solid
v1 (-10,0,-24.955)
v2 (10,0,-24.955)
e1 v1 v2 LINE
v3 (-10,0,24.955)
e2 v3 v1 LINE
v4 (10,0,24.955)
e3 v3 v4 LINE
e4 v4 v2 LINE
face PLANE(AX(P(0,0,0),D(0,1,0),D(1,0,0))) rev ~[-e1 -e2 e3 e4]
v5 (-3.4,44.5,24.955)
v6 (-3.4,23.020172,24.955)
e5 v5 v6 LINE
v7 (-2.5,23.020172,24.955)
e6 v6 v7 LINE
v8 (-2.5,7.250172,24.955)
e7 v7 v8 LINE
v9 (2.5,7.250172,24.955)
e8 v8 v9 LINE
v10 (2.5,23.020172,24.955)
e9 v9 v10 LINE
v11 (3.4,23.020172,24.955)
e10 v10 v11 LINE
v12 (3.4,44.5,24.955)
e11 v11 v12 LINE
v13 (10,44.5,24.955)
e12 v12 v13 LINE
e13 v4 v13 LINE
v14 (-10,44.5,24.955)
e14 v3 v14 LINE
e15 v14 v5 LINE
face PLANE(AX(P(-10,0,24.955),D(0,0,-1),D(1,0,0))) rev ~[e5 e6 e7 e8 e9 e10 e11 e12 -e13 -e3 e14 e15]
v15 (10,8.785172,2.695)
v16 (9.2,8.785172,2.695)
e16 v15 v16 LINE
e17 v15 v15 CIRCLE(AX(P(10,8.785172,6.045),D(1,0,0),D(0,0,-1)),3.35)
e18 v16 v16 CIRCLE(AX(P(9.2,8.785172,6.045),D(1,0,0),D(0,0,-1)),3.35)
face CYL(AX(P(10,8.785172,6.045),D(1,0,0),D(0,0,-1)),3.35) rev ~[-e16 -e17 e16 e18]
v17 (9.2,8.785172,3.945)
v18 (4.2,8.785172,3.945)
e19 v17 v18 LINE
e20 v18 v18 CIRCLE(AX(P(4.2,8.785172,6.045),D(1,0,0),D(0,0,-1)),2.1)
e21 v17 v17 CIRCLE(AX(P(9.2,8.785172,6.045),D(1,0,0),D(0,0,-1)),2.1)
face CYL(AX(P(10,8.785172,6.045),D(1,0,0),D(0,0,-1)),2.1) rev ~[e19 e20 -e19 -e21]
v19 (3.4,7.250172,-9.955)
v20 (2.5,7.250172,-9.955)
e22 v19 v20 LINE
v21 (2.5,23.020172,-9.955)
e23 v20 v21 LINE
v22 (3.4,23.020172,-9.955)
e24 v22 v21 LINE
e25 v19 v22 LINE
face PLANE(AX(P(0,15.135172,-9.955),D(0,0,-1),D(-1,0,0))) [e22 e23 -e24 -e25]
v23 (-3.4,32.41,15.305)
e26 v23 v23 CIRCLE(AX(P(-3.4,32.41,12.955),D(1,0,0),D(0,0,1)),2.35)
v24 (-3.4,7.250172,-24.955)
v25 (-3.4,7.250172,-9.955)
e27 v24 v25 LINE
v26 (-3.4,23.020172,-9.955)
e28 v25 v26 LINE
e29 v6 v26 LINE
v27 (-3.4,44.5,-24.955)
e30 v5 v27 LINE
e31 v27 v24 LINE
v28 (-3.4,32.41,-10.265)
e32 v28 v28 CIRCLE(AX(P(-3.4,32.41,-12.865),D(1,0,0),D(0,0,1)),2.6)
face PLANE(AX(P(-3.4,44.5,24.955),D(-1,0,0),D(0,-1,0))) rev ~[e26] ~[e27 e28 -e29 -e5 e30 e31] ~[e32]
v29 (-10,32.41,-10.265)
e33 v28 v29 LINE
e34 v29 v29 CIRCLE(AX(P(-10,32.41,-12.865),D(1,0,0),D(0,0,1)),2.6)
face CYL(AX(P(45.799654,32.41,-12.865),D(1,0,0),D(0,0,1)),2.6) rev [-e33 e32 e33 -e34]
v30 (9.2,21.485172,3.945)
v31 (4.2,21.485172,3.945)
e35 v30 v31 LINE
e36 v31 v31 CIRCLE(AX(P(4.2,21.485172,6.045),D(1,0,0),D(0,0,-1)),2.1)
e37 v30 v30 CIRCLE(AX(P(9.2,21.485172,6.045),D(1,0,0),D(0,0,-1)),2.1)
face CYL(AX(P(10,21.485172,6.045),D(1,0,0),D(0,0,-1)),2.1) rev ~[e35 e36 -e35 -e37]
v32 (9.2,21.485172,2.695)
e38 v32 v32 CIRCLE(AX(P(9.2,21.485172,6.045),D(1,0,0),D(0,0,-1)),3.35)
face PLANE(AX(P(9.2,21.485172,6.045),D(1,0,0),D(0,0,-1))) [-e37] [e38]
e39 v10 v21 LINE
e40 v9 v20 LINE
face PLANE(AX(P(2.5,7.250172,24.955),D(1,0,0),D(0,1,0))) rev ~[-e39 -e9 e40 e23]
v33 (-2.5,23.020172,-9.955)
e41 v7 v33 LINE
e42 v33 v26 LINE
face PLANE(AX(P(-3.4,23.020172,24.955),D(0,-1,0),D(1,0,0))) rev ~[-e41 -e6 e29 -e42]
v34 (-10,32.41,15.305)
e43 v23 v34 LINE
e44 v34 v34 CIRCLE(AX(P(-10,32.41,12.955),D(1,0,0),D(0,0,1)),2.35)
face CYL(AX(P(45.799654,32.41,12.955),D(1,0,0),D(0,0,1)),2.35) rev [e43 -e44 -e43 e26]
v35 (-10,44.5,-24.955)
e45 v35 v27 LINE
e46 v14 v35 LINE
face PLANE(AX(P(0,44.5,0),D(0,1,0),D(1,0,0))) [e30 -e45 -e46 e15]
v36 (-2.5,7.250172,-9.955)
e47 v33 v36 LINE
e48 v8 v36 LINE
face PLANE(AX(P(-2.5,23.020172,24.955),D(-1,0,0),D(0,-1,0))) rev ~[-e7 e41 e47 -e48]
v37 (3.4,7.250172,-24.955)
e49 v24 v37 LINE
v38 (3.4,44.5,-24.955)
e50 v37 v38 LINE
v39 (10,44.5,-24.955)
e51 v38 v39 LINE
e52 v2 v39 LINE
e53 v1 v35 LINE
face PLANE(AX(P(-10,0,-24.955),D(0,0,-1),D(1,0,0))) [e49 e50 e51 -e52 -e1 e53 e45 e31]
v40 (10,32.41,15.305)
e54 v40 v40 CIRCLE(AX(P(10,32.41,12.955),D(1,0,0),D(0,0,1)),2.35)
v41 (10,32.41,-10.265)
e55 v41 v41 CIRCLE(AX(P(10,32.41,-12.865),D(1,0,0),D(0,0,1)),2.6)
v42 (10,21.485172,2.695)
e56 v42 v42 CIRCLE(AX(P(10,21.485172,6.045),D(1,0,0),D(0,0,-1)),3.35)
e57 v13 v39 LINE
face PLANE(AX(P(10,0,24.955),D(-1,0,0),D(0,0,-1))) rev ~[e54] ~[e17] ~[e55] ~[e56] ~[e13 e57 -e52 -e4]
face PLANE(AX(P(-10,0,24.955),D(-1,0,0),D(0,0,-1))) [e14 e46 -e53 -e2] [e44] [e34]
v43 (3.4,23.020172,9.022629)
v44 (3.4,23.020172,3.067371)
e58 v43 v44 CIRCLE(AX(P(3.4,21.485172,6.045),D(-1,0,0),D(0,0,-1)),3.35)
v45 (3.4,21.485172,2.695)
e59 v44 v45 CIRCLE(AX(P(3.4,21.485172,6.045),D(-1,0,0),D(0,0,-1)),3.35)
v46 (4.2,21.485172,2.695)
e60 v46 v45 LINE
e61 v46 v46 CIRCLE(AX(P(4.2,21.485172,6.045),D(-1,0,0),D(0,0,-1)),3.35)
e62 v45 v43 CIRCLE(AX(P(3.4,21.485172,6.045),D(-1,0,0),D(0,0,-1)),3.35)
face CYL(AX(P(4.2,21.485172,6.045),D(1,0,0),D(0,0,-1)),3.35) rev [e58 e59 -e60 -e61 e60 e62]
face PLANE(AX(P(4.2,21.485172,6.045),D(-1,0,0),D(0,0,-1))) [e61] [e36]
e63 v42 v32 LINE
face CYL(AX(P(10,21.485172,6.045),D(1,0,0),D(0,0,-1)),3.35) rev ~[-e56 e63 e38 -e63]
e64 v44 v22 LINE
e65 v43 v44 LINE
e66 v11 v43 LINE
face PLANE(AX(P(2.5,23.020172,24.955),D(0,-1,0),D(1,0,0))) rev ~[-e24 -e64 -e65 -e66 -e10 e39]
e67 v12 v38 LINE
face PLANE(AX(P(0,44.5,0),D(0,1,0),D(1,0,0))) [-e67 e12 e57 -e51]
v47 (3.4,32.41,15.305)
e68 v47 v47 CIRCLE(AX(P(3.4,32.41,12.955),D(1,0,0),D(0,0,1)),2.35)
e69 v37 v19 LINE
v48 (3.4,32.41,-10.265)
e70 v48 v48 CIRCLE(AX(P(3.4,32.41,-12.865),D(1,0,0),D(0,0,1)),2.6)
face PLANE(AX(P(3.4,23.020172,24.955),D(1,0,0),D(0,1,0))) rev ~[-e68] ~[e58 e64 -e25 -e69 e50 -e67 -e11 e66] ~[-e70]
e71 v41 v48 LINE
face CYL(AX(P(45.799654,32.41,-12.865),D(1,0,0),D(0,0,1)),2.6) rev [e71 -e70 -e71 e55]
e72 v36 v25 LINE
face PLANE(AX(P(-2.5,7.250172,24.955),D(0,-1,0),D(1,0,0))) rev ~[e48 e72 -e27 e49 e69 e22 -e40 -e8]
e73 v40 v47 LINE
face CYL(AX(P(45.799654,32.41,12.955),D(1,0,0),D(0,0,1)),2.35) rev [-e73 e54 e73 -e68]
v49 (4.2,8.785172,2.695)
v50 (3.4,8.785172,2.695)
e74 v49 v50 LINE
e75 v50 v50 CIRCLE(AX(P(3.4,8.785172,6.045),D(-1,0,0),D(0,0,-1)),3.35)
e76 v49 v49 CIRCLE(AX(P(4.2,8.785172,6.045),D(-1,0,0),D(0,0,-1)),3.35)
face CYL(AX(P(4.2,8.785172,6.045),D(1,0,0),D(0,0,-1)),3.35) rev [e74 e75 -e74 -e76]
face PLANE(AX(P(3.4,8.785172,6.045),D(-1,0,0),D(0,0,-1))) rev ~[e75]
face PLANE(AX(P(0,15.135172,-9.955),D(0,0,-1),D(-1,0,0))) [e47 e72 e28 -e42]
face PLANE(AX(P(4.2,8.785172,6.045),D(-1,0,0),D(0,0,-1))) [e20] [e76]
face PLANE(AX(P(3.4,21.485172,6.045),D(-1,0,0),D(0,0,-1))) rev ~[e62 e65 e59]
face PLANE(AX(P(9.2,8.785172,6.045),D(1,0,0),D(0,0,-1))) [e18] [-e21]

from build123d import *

# Parameters (mm, degrees)
SKETCH2_W               = 20
SKETCH2_H               = 49.91
BOSS_EXTRUDE1_DEPTH     = 44.5
CUT_EXTRUDE3_DEPTH      = 68.611079713
CUT_EXTRUDE5_DEPTH      = 55.799653512
CUT_EXTRUDE5_DEPTH_BACK = 55.799653512
SKETCH8_R               = 2.6
SKETCH8_R_2             = 2.35
SKETCH9_R               = 2.1
CUT_EXTRUDE6_DEPTH      = 6.6
SKETCH9_3_R             = 3.35
SKETCH9_3_R_2           = 2.1
CUT_EXTRUDE7_DEPTH      = 0.8
CUT_EXTRUDE8_START      = -0.8
SKETCH11_R              = 3.35
SKETCH11_R_2            = 2.1
CUT_EXTRUDE8_DEPTH      = 0.8
SKETCH12_W              = 6.8
SKETCH12_H              = 15.77
CUT_EXTRUDE9_DEPTH      = 15


with BuildPart() as part:
    # Sketch2 → Boss-Extrude1 (new body)
    with BuildSketch(Plane(origin=(0, 0, 0), x_dir=(1, 0, 0), z_dir=(0, 1, 0))):
        Rectangle(SKETCH2_W, SKETCH2_H)
    extrude(amount=BOSS_EXTRUDE1_DEPTH)

    # Sketch3 → Cut-Extrude3 (cut, through all)
    with BuildSketch(Plane.XY.offset(24.955)):
        Polygon((3.4, 23.020172412), (3.4, 44.5), (-3.4, 44.5), (-3.4, 23.020172412), (-2.5, 23.020172412), (-2.5, 7.250172412), (2.5, 7.250172412), (2.5, 23.020172412), align=None)
    extrude(amount=-CUT_EXTRUDE3_DEPTH, mode=Mode.SUBTRACT)

    # Sketch8 → Cut-Extrude5 (cut, two sides: drawn at the far end of the back side and taken through both)
    with BuildSketch(Plane.ZY.offset(10).offset(-CUT_EXTRUDE5_DEPTH_BACK)):
        with Locations((-12.865, 32.41)):
            Circle(SKETCH8_R)
        with Locations((12.955, 32.41)):
            Circle(SKETCH8_R_2)
    extrude(amount=CUT_EXTRUDE5_DEPTH + CUT_EXTRUDE5_DEPTH_BACK, mode=Mode.SUBTRACT)

    # Sketch9 → Cut-Extrude6 (cut)
    with BuildSketch(Plane(origin=(10, 0, 0), x_dir=(0, 0, -1), z_dir=(1, 0, 0))):
        with Locations((-6.045, 21.485172412)):
            Circle(SKETCH9_R)
        with Locations((-6.045, 8.785172412)):
            Circle(SKETCH9_R)
    extrude(amount=-CUT_EXTRUDE6_DEPTH, mode=Mode.SUBTRACT)

    # Sketch9<3> → Cut-Extrude7 (cut)
    # profile 1 of 2: a face of its own
    with BuildSketch(Plane(origin=(10, 0, 0), x_dir=(0, 0, -1), z_dir=(1, 0, 0))):
        with Locations((-6.045, 21.485172412)):
            Circle(SKETCH9_3_R)
        with Locations((-6.045, 21.485172412)):
            Circle(SKETCH9_3_R_2, mode=Mode.SUBTRACT)
    # profile 2 of 2: a face of its own
    with BuildSketch(Plane(origin=(10, 0, 0), x_dir=(0, 0, -1), z_dir=(1, 0, 0))):
        with Locations((-6.045, 8.785172412)):
            Circle(SKETCH9_3_R)
        with Locations((-6.045, 8.785172412)):
            Circle(SKETCH9_3_R_2, mode=Mode.SUBTRACT)
    extrude(amount=-CUT_EXTRUDE7_DEPTH, mode=Mode.SUBTRACT)

    # Sketch11 → Cut-Extrude8 (cut)
    # profile 1 of 2: a face of its own
    with BuildSketch(Plane.ZY.offset(-3.4).offset(CUT_EXTRUDE8_START)):
        with Locations((6.045, 21.485172412)):
            Circle(SKETCH11_R)
    # profile 2 of 2: a face of its own
    with BuildSketch(Plane.ZY.offset(-3.4).offset(CUT_EXTRUDE8_START)):
        with Locations((6.045, 8.785172412)):
            Circle(SKETCH11_R)
        with Locations((6.045, 8.785172412)):
            Circle(SKETCH11_R_2, mode=Mode.SUBTRACT)
    extrude(amount=CUT_EXTRUDE8_DEPTH, mode=Mode.SUBTRACT)

    # Sketch12 → Cut-Extrude9 (cut)
    with BuildSketch(Plane(origin=(0, 0, -24.955), x_dir=(-1, 0, 0), z_dir=(0, 0, -1))):
        with Locations((0, 15.135172412)):
            Rectangle(SKETCH12_W, SKETCH12_H)
    extrude(amount=-CUT_EXTRUDE9_DEPTH, mode=Mode.SUBTRACT)


solid = part.part
